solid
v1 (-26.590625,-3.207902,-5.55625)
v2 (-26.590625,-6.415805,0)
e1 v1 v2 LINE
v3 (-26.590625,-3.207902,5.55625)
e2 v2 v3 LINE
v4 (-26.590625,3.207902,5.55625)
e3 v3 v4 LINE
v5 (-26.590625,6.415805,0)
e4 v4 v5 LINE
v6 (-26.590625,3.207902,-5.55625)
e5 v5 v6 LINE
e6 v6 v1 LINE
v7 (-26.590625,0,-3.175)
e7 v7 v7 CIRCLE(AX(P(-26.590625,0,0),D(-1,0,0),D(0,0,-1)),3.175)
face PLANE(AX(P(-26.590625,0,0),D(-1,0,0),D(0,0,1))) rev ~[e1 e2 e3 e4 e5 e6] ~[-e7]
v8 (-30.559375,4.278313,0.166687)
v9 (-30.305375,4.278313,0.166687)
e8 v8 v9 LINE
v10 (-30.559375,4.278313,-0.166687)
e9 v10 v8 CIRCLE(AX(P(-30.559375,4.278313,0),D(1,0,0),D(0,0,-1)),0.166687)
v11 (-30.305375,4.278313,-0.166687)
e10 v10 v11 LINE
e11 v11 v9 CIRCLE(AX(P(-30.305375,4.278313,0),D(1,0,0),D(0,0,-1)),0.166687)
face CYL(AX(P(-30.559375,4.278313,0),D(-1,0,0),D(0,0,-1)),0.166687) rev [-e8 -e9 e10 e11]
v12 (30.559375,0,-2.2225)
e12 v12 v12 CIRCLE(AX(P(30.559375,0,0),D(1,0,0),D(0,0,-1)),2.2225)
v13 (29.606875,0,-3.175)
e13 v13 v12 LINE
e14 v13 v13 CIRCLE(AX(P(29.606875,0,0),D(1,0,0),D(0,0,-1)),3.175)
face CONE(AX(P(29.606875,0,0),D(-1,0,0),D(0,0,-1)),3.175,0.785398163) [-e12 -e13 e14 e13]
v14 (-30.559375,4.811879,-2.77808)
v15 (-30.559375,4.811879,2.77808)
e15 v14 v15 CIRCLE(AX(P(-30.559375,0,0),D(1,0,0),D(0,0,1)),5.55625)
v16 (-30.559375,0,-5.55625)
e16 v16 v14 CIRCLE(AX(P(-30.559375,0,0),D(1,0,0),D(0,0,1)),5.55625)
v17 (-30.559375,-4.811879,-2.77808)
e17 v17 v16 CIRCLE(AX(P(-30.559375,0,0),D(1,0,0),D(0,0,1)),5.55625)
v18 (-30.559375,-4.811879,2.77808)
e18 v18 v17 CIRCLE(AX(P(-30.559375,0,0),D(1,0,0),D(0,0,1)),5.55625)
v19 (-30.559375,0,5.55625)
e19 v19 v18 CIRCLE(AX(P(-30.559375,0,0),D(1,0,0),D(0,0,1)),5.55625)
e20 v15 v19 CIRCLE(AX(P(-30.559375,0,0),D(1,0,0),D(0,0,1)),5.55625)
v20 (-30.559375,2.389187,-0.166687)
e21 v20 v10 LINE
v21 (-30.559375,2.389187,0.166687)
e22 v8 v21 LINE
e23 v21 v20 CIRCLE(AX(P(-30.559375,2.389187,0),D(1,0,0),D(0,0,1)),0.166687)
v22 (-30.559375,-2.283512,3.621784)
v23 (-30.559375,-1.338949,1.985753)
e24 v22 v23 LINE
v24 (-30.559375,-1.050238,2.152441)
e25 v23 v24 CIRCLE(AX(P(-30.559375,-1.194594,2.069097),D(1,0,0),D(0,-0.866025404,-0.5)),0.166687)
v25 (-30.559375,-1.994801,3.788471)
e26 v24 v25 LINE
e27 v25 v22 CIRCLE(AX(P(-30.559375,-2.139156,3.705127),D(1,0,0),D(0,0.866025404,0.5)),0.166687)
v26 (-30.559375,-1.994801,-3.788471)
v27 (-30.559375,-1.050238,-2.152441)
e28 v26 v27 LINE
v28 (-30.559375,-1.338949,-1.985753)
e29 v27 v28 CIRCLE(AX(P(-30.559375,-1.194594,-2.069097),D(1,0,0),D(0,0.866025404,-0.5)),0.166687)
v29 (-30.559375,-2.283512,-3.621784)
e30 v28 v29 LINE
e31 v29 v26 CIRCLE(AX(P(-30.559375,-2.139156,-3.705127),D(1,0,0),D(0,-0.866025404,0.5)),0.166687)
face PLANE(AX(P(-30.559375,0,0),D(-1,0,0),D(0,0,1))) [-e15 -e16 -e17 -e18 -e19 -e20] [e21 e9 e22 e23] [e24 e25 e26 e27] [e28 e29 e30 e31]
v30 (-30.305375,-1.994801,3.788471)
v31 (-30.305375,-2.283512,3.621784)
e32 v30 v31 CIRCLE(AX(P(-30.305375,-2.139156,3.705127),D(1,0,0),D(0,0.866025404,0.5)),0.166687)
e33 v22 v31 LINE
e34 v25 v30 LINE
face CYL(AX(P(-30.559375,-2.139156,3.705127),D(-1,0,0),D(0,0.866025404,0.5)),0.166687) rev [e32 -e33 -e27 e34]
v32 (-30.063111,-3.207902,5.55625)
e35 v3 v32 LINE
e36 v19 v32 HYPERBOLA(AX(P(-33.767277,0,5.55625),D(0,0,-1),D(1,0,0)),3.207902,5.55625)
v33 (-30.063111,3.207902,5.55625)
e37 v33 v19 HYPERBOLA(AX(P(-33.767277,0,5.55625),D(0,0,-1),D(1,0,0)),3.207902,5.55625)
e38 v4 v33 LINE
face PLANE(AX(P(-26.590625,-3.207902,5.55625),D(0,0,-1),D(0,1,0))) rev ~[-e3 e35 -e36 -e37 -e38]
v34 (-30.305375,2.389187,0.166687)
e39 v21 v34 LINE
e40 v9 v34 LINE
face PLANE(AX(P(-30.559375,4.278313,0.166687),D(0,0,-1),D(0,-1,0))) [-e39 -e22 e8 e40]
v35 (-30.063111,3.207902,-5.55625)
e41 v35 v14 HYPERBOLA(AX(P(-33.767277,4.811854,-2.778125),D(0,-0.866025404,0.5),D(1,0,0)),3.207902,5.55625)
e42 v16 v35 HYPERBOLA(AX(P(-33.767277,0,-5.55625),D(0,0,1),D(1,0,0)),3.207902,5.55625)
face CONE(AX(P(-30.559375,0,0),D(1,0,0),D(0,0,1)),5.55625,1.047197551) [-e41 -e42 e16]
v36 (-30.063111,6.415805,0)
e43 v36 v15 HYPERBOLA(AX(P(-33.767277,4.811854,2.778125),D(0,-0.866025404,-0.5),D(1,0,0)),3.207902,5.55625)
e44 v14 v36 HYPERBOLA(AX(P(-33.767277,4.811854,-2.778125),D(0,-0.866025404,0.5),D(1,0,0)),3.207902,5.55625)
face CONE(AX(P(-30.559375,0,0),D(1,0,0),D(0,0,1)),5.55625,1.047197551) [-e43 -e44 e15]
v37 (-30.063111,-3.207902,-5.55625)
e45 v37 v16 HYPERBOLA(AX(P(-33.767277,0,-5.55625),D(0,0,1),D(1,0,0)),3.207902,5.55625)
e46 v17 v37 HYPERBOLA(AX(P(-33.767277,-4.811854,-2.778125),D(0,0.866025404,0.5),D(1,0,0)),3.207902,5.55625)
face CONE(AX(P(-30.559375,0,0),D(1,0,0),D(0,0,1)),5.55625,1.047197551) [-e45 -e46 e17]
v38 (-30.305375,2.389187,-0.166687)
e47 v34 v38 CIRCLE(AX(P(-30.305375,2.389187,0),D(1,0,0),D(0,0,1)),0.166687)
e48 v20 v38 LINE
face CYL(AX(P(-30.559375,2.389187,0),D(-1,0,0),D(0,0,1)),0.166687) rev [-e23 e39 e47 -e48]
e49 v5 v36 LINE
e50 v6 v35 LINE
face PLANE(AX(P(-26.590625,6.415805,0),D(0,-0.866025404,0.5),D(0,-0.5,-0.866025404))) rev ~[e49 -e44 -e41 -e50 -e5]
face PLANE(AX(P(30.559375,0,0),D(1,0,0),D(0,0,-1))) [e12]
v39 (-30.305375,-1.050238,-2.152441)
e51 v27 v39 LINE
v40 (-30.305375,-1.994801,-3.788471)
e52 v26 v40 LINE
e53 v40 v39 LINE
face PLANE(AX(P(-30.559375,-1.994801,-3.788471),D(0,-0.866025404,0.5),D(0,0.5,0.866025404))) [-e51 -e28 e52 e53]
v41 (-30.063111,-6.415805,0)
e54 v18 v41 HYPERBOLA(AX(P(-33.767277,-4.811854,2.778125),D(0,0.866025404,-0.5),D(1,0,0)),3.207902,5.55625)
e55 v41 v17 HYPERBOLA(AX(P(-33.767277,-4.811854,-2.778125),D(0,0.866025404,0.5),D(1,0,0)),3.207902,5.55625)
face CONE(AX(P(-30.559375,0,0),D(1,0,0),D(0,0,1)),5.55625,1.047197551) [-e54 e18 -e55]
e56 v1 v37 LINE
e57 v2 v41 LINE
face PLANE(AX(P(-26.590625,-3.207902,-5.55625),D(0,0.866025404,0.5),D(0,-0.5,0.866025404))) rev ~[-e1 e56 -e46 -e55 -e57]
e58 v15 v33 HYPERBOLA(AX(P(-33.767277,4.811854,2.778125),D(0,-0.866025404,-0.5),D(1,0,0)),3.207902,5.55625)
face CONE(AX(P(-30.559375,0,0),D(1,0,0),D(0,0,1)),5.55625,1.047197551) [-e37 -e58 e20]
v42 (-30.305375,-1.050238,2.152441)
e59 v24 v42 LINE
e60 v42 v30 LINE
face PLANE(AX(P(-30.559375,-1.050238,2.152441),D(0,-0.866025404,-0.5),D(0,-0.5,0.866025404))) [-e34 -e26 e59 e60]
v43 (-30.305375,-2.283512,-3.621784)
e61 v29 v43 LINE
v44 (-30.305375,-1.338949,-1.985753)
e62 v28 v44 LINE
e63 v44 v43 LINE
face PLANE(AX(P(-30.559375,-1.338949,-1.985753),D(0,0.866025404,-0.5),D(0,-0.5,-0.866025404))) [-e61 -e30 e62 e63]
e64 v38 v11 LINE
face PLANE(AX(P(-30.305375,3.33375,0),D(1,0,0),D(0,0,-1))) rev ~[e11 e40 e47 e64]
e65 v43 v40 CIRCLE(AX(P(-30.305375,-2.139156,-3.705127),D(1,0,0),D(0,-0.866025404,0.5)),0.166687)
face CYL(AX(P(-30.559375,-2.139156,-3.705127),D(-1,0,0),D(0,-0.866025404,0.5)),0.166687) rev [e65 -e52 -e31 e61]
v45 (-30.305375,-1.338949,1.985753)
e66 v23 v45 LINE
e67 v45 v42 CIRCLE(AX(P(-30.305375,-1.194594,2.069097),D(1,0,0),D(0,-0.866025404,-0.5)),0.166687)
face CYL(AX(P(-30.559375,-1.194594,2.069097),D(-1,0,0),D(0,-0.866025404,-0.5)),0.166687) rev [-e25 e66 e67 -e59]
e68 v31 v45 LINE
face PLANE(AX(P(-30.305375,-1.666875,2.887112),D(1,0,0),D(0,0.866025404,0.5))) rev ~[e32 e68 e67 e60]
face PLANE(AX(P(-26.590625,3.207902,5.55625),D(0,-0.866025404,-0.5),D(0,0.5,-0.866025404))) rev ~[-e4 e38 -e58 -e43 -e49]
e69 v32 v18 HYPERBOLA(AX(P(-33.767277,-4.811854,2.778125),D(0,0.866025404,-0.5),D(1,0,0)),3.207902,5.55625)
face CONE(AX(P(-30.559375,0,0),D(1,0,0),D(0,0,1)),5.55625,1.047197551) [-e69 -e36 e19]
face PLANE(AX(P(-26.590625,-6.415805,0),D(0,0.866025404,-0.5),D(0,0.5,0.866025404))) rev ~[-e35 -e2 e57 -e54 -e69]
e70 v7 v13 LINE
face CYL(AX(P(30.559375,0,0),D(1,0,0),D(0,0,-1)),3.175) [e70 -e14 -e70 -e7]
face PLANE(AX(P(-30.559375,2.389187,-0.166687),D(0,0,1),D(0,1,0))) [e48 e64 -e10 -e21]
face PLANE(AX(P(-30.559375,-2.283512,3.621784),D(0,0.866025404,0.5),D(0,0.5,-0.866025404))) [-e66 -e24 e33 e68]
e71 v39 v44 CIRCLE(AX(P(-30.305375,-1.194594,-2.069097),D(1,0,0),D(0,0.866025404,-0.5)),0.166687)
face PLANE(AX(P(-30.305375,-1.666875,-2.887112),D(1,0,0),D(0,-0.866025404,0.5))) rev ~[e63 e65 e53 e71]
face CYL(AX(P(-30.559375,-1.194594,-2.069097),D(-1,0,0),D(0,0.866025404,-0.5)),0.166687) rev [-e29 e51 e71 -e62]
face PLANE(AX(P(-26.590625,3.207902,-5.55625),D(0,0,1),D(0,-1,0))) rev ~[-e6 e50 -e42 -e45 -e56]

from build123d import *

# Parameters (mm, degrees)
SKETCH5_R           = 3.175
BOSS_EXTRUDE3_DEPTH = 57.15
CHAMFER1_SIZE       = 0.9525
BOSS_EXTRUDE4_DEPTH = 3.96875
SKETCH8_OUTSIDE_W   = 240.984
SKETCH8_OUTSIDE_H   = 242.704
SKETCH8_OUTSIDE_R   = 5.55625
CUT_EXTRUDE3_DEPTH  = 62.11875
CUT_EXTRUDE3_TAPER  = 60
CUT_EXTRUDE4_DEPTH  = 0.254
CIRPATTERN1_COUNT   = 3


with BuildPart() as part:
    # Sketch5 → Boss-Extrude3 (new body)
    with BuildSketch(Plane(origin=(30.559375, 0, 0), x_dir=(0, 0, -1), z_dir=(1, 0, 0))):
        Circle(SKETCH5_R)
    extrude(amount=-BOSS_EXTRUDE3_DEPTH)

    # Chamfer1
    chamfer1_edges = [part.edges().sort_by_distance(p)[0] for p in [
        (30.559375, 0, 3.175),
    ]]
    chamfer(chamfer1_edges, length=CHAMFER1_SIZE)

    # Sketch11 → Revolve1 (revolve)
    with BuildSketch(Plane.XY):
        Polygon((-26.590625, 3.175), (-26.590625, 0), (14.684375, 0), (11.509375, 3.175), align=None)
    revolve(axis=Axis((-26.590625, 0, 0), (1, 0, 0)))

    # Sketch6 → Boss-Extrude4 (add)
    with BuildSketch(Plane.ZY.offset(26.590625)):
        Polygon((5.55625, 3.207902433), (0, 6.415804866), (-5.55625, 3.207902433), (-5.55625, -3.207902433), (0, -6.415804866), (5.55625, -3.207902433), align=None)
    extrude(amount=BOSS_EXTRUDE4_DEPTH)

    # Sketch8 outside → Cut-Extrude3 (cut, through all)
    with BuildSketch(Plane.ZY.offset(30.559375)):
        Rectangle(SKETCH8_OUTSIDE_W, SKETCH8_OUTSIDE_H)
        Circle(SKETCH8_OUTSIDE_R, mode=Mode.SUBTRACT)
    extrude(amount=-CUT_EXTRUDE3_DEPTH, taper=CUT_EXTRUDE3_TAPER, mode=Mode.SUBTRACT)

    # Sketch12 → Cut-Extrude4 (cut)
    with BuildSketch(Plane.ZY.offset(30.559375)):
        with BuildLine():
            Line((0.1666875, 4.2783125), (0.1666875, 2.3891875))
            ThreePointArc((0.1666875, 2.3891875), (0, 2.2225), (-0.1666875, 2.3891875))
            Line((-0.1666875, 2.3891875), (-0.1666875, 4.2783125))
            ThreePointArc((-0.1666875, 4.2783125), (0, 4.445), (0.1666875, 4.2783125))
        make_face()
    cut_extrude4 = extrude(amount=-CUT_EXTRUDE4_DEPTH, mode=Mode.SUBTRACT)

    # CirPattern1: Cut-Extrude4 ×3 about axis
    cirpattern1_axis = Axis((0, 0, 0), (1, 0, 0))
    for i in range(1, CIRPATTERN1_COUNT):
        add(cut_extrude4.rotate(cirpattern1_axis, i * 360 / CIRPATTERN1_COUNT), mode=Mode.SUBTRACT)


solid = part.part
